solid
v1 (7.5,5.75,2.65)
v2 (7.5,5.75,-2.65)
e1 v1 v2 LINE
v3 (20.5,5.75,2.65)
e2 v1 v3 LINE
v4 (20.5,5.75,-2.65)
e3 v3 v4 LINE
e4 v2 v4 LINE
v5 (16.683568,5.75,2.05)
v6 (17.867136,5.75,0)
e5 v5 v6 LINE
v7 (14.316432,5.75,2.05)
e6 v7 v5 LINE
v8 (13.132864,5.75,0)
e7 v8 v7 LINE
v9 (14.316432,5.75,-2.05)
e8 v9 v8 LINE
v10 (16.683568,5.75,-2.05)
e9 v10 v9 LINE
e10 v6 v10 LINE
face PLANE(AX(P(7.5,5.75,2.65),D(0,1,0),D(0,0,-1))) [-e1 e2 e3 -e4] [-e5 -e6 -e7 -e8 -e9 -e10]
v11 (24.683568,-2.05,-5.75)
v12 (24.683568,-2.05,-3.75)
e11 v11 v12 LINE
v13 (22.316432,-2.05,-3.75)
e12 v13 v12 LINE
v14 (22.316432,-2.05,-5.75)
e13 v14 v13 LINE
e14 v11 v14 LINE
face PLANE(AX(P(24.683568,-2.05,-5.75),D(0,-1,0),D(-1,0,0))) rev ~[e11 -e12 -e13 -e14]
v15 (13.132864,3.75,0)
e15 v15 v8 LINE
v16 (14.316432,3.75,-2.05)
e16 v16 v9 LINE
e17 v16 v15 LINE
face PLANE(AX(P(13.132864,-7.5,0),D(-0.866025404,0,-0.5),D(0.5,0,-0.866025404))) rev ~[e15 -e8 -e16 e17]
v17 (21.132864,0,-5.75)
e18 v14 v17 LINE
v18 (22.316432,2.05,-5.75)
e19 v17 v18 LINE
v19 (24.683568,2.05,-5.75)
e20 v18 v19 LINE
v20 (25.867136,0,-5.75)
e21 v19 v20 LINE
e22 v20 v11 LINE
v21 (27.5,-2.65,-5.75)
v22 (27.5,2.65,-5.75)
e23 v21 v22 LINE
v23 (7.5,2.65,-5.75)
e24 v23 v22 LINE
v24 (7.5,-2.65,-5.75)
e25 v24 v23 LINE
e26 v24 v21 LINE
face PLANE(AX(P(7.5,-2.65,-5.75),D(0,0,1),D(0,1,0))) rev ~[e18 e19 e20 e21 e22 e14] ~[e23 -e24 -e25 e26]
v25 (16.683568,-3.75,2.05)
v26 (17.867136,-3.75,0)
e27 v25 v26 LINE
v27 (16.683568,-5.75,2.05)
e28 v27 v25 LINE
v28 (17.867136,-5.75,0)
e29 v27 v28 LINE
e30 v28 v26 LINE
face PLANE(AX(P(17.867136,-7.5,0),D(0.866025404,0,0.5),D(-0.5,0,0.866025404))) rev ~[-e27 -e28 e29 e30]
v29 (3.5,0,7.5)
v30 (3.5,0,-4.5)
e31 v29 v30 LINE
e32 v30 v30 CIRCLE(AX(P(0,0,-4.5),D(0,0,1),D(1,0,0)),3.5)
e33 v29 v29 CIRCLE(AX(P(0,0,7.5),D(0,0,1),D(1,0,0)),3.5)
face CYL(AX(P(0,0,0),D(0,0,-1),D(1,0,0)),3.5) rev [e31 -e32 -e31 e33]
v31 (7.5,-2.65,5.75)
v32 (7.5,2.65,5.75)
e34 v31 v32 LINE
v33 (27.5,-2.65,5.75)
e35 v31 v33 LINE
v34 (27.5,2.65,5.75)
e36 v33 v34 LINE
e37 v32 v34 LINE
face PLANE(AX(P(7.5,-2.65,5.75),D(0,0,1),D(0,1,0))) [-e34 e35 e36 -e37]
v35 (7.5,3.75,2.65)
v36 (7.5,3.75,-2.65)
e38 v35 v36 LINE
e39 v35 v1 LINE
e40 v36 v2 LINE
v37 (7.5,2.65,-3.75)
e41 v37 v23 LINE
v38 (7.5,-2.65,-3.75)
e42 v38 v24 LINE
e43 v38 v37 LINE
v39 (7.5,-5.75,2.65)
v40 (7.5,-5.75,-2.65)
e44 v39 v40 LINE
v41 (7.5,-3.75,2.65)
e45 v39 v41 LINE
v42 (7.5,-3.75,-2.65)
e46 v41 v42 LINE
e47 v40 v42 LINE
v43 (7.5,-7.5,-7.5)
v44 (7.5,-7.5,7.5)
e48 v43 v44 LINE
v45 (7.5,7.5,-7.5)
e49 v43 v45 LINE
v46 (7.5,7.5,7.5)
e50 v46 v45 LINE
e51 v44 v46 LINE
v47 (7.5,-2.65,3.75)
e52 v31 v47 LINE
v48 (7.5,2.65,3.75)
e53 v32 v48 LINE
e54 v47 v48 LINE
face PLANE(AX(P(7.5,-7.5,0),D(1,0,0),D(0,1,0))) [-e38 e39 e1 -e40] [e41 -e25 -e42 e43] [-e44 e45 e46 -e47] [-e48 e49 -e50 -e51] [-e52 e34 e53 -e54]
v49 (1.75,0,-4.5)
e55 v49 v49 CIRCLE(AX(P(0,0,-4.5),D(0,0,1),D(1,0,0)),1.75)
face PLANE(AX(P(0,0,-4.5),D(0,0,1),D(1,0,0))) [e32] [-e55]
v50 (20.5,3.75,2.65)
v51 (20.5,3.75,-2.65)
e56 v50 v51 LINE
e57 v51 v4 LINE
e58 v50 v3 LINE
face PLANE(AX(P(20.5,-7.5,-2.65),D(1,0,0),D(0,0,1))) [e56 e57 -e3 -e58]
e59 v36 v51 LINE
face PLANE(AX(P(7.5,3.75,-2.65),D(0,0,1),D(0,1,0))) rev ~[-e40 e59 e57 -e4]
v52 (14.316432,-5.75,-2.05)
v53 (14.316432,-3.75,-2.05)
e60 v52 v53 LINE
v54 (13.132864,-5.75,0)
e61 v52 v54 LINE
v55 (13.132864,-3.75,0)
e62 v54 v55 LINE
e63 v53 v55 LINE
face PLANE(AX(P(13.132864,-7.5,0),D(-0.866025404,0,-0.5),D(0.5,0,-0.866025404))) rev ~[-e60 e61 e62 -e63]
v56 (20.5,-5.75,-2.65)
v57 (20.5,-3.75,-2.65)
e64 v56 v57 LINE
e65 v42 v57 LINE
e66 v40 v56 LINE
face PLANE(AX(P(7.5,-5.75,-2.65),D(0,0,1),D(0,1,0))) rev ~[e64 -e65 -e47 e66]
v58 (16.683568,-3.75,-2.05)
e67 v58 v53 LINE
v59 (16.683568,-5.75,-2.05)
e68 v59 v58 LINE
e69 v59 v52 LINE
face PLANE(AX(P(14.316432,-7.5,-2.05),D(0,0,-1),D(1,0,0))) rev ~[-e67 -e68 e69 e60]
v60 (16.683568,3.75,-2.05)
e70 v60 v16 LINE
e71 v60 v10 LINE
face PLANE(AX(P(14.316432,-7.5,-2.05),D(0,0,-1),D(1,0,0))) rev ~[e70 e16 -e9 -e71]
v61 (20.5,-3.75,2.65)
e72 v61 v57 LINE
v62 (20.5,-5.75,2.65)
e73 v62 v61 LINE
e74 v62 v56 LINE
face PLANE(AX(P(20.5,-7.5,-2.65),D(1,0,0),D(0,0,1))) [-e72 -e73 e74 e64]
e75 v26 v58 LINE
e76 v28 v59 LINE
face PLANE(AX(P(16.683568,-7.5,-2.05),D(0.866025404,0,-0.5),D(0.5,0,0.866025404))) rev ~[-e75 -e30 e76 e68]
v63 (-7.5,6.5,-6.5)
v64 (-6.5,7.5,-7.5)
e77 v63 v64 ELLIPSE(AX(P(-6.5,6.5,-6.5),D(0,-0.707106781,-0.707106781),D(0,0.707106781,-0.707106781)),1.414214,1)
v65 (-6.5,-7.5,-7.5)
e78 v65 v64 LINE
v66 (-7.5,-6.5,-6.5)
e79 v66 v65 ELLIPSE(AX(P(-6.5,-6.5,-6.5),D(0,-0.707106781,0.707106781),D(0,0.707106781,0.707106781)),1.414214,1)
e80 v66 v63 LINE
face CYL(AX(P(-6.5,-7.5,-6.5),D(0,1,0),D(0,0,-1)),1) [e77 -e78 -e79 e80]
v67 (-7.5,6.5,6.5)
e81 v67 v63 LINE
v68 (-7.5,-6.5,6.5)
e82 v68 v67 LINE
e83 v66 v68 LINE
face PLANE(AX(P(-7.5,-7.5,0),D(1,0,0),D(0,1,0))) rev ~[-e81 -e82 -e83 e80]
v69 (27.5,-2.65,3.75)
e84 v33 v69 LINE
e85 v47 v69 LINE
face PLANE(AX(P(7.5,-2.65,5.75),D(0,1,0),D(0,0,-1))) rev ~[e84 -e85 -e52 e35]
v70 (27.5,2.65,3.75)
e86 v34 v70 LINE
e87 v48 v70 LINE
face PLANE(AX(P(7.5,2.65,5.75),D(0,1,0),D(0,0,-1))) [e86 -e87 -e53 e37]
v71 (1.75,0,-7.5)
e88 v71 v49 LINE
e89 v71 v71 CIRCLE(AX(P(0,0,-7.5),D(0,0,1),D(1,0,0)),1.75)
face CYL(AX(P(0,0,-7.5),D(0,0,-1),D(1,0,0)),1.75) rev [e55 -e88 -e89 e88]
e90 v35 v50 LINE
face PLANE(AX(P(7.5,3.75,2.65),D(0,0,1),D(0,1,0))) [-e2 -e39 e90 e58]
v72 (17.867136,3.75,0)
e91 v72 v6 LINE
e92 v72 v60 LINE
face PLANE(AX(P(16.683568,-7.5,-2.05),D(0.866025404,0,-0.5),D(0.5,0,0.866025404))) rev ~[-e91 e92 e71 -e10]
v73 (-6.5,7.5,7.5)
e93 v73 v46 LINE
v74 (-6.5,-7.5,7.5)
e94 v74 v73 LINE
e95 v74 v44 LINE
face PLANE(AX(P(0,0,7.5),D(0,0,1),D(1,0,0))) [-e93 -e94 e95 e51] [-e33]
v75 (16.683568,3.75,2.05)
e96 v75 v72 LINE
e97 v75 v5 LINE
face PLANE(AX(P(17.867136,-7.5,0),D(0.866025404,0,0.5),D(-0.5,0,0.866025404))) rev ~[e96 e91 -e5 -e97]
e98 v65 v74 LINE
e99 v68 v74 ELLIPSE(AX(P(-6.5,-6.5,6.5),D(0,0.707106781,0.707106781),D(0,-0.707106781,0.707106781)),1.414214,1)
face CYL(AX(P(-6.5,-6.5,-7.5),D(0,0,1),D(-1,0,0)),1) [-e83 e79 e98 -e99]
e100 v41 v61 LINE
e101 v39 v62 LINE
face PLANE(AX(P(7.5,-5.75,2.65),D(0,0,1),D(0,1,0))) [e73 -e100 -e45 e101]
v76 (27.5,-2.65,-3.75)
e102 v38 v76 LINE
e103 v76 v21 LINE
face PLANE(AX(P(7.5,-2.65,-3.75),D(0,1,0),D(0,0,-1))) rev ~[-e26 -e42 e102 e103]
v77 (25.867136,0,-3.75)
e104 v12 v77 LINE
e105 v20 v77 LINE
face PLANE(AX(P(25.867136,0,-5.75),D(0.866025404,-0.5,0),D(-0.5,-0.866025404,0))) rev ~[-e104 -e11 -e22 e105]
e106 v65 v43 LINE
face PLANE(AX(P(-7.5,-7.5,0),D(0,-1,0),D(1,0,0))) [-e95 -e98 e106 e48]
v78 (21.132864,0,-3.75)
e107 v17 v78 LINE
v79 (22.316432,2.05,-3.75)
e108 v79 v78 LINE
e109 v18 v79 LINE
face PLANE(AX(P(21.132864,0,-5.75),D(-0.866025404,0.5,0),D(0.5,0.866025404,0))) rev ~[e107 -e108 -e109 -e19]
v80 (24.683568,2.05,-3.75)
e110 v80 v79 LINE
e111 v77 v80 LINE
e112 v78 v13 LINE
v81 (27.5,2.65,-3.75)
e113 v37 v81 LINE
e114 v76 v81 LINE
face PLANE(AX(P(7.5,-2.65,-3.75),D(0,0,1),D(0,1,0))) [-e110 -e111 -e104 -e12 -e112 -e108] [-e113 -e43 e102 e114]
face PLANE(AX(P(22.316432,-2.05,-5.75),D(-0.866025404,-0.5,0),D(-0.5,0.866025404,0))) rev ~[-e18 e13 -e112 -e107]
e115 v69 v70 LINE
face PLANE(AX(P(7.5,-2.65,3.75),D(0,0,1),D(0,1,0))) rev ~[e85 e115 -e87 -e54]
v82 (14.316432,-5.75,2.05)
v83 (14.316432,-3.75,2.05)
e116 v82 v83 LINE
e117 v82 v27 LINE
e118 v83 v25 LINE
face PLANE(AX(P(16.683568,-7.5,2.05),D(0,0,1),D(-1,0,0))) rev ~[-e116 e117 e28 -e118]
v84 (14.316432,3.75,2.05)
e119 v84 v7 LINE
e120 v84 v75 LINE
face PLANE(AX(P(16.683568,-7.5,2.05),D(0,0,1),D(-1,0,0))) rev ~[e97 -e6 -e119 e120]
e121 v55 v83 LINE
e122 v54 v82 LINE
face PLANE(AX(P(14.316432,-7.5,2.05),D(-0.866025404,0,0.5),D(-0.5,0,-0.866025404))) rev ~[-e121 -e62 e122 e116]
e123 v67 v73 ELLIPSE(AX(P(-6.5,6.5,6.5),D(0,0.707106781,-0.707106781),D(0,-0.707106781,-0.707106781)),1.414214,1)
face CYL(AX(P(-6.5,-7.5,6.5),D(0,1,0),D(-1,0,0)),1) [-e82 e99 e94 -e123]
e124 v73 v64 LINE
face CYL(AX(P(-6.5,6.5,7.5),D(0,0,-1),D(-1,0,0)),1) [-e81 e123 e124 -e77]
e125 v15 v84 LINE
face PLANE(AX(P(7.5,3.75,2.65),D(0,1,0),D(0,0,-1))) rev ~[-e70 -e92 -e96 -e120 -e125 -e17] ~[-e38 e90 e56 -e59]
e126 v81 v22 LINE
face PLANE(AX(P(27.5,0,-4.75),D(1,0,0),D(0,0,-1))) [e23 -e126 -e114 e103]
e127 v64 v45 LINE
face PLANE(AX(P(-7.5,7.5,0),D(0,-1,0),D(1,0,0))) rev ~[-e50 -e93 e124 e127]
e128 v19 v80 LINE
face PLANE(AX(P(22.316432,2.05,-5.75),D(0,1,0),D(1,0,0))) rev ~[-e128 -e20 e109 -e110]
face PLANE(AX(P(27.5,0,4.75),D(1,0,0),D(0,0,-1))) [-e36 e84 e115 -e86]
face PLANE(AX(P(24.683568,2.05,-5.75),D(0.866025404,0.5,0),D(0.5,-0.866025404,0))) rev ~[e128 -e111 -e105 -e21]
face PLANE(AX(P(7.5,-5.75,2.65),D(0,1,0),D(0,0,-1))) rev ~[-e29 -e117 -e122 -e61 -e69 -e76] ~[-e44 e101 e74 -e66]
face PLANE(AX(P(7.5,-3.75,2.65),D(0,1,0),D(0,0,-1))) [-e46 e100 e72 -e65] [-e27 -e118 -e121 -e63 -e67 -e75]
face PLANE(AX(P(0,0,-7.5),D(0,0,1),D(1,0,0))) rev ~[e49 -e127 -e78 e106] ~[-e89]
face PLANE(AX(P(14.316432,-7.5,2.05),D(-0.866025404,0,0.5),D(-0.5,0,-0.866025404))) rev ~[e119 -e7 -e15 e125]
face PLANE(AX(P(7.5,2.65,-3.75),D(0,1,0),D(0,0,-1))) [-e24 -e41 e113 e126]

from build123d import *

# Parameters (mm, degrees)
ESBO_O1_W                  = 15
ESBO_O1_H                  = 15
ESBO_O1_R                  = 3.5
RESSALTO_EXTRUS_O1_DEPTH   = 7.5
RESSALTO_EXTRUS_O2_START   = -7.5
ESBO_O1_3_R                = 3.5
ESBO_O1_3_R_2              = 1.75
RESSALTO_EXTRUS_O2_DEPTH   = 3
ESBO_O2_3_R                = 3.5
ESBO_O2_3_R_2              = 1.6
RESSALTO_EXTRUS_O3_DEPTH   = 3
ESBO_O4_3_R                = 3.5
ESBO_O4_3_R_2              = 1.6
RESSALTO_EXTRUS_O4_DEPTH   = 3
ESBO_O6_W                  = 5.3
ESBO_O6_H                  = 2
ESBO_O6_W_2                = 2
ESBO_O6_H_2                = 5.3
RESSALTO_EXTRUS_O5_DEPTH   = 20
ESBO_O7_W                  = 7
ESBO_O7_H                  = 5.3
CORTE_EXTRUS_O3_DEPTH      = 1
CORTE_EXTRUS_O3_DEPTH_BACK = 16
CORTE_EXTRUS_O4_DEPTH      = 3
FILETE1_R                  = 1


with BuildPart() as part:
    # Esboço1 → Ressalto-extrusão1 (new body, symmetric)
    with BuildSketch(Plane.XY):
        Rectangle(ESBO_O1_W, ESBO_O1_H)
        Circle(ESBO_O1_R, mode=Mode.SUBTRACT)
    extrude(amount=RESSALTO_EXTRUS_O1_DEPTH, both=True)

    # Esboço1<3> → Ressalto-extrusão2 (add)
    with BuildSketch(Plane.XY.offset(RESSALTO_EXTRUS_O2_START)):
        Circle(ESBO_O1_3_R)
        Circle(ESBO_O1_3_R_2, mode=Mode.SUBTRACT)
    extrude(amount=RESSALTO_EXTRUS_O2_DEPTH)

    # Esboço2<3> → Ressalto-extrusão3 (add)
    with BuildSketch(Plane(origin=(7.5, 0, 0), x_dir=(0, 0, -1), z_dir=(1, 0, 0))):
        Circle(ESBO_O2_3_R)
        Circle(ESBO_O2_3_R_2, mode=Mode.SUBTRACT)
    extrude(amount=-RESSALTO_EXTRUS_O3_DEPTH)

    # Esboço4<3> → Ressalto-extrusão4 (add)
    with BuildSketch(Plane(origin=(0, 7.5, 0), x_dir=(1, 0, 0), z_dir=(0, 1, 0))):
        Circle(ESBO_O4_3_R)
        Circle(ESBO_O4_3_R_2, mode=Mode.SUBTRACT)
    extrude(amount=-RESSALTO_EXTRUS_O4_DEPTH)

    # Esboço6 → Ressalto-extrusão5 (add)
    with BuildSketch(Plane(origin=(7.5, 0, 0), x_dir=(0, 0, -1), z_dir=(1, 0, 0))):
        with Locations((0, 4.75)):
            Rectangle(ESBO_O6_W, ESBO_O6_H)
        with Locations((4.75, 0)):
            Rectangle(ESBO_O6_W_2, ESBO_O6_H_2)
        with Locations((0, -4.75)):
            Rectangle(ESBO_O6_W, ESBO_O6_H)
        with Locations((-4.75, 0)):
            Rectangle(ESBO_O6_W_2, ESBO_O6_H_2)
    extrude(amount=RESSALTO_EXTRUS_O5_DEPTH)

    # Esboço7 → Corte-extrusão3 (cut, two sides)
    with BuildSketch(Plane.XZ.offset(7.5)) as corte_extrus_o3_sk:
        with Locations((24, 0)):
            Rectangle(ESBO_O7_W, ESBO_O7_H)
        Polygon((17.867136104, 0), (16.683568052, 2.05), (14.316431948, 2.05), (13.132863896, 0), (14.316431948, -2.05), (16.683568052, -2.05), align=None)
    extrude(amount=CORTE_EXTRUS_O3_DEPTH, mode=Mode.SUBTRACT)
    extrude(corte_extrus_o3_sk.sketch, amount=-CORTE_EXTRUS_O3_DEPTH_BACK, mode=Mode.SUBTRACT)

    # Esboço8 → Corte-extrusão4 (cut)
    with BuildSketch(Plane(origin=(0, 0, -5.75), x_dir=(-1, 0, 0), z_dir=(0, 0, -1))):
        Polygon((-25.867136104, 0), (-24.683568052, -2.05), (-22.316431948, -2.05), (-21.132863896, 0), (-22.316431948, 2.05), (-24.683568052, 2.05), align=None)
    extrude(amount=-CORTE_EXTRUS_O4_DEPTH, mode=Mode.SUBTRACT)

    # Filete1
    filete1_edges = [part.edges().sort_by_distance(p)[0] for p in [
        (-7.5, -7.5, 0),
        (-7.5, 7.5, 0),
        (-7.5, 0, 7.5),
        (-7.5, 0, -7.5),
    ]]
    fillet(filete1_edges, radius=FILETE1_R)


solid = part.part
